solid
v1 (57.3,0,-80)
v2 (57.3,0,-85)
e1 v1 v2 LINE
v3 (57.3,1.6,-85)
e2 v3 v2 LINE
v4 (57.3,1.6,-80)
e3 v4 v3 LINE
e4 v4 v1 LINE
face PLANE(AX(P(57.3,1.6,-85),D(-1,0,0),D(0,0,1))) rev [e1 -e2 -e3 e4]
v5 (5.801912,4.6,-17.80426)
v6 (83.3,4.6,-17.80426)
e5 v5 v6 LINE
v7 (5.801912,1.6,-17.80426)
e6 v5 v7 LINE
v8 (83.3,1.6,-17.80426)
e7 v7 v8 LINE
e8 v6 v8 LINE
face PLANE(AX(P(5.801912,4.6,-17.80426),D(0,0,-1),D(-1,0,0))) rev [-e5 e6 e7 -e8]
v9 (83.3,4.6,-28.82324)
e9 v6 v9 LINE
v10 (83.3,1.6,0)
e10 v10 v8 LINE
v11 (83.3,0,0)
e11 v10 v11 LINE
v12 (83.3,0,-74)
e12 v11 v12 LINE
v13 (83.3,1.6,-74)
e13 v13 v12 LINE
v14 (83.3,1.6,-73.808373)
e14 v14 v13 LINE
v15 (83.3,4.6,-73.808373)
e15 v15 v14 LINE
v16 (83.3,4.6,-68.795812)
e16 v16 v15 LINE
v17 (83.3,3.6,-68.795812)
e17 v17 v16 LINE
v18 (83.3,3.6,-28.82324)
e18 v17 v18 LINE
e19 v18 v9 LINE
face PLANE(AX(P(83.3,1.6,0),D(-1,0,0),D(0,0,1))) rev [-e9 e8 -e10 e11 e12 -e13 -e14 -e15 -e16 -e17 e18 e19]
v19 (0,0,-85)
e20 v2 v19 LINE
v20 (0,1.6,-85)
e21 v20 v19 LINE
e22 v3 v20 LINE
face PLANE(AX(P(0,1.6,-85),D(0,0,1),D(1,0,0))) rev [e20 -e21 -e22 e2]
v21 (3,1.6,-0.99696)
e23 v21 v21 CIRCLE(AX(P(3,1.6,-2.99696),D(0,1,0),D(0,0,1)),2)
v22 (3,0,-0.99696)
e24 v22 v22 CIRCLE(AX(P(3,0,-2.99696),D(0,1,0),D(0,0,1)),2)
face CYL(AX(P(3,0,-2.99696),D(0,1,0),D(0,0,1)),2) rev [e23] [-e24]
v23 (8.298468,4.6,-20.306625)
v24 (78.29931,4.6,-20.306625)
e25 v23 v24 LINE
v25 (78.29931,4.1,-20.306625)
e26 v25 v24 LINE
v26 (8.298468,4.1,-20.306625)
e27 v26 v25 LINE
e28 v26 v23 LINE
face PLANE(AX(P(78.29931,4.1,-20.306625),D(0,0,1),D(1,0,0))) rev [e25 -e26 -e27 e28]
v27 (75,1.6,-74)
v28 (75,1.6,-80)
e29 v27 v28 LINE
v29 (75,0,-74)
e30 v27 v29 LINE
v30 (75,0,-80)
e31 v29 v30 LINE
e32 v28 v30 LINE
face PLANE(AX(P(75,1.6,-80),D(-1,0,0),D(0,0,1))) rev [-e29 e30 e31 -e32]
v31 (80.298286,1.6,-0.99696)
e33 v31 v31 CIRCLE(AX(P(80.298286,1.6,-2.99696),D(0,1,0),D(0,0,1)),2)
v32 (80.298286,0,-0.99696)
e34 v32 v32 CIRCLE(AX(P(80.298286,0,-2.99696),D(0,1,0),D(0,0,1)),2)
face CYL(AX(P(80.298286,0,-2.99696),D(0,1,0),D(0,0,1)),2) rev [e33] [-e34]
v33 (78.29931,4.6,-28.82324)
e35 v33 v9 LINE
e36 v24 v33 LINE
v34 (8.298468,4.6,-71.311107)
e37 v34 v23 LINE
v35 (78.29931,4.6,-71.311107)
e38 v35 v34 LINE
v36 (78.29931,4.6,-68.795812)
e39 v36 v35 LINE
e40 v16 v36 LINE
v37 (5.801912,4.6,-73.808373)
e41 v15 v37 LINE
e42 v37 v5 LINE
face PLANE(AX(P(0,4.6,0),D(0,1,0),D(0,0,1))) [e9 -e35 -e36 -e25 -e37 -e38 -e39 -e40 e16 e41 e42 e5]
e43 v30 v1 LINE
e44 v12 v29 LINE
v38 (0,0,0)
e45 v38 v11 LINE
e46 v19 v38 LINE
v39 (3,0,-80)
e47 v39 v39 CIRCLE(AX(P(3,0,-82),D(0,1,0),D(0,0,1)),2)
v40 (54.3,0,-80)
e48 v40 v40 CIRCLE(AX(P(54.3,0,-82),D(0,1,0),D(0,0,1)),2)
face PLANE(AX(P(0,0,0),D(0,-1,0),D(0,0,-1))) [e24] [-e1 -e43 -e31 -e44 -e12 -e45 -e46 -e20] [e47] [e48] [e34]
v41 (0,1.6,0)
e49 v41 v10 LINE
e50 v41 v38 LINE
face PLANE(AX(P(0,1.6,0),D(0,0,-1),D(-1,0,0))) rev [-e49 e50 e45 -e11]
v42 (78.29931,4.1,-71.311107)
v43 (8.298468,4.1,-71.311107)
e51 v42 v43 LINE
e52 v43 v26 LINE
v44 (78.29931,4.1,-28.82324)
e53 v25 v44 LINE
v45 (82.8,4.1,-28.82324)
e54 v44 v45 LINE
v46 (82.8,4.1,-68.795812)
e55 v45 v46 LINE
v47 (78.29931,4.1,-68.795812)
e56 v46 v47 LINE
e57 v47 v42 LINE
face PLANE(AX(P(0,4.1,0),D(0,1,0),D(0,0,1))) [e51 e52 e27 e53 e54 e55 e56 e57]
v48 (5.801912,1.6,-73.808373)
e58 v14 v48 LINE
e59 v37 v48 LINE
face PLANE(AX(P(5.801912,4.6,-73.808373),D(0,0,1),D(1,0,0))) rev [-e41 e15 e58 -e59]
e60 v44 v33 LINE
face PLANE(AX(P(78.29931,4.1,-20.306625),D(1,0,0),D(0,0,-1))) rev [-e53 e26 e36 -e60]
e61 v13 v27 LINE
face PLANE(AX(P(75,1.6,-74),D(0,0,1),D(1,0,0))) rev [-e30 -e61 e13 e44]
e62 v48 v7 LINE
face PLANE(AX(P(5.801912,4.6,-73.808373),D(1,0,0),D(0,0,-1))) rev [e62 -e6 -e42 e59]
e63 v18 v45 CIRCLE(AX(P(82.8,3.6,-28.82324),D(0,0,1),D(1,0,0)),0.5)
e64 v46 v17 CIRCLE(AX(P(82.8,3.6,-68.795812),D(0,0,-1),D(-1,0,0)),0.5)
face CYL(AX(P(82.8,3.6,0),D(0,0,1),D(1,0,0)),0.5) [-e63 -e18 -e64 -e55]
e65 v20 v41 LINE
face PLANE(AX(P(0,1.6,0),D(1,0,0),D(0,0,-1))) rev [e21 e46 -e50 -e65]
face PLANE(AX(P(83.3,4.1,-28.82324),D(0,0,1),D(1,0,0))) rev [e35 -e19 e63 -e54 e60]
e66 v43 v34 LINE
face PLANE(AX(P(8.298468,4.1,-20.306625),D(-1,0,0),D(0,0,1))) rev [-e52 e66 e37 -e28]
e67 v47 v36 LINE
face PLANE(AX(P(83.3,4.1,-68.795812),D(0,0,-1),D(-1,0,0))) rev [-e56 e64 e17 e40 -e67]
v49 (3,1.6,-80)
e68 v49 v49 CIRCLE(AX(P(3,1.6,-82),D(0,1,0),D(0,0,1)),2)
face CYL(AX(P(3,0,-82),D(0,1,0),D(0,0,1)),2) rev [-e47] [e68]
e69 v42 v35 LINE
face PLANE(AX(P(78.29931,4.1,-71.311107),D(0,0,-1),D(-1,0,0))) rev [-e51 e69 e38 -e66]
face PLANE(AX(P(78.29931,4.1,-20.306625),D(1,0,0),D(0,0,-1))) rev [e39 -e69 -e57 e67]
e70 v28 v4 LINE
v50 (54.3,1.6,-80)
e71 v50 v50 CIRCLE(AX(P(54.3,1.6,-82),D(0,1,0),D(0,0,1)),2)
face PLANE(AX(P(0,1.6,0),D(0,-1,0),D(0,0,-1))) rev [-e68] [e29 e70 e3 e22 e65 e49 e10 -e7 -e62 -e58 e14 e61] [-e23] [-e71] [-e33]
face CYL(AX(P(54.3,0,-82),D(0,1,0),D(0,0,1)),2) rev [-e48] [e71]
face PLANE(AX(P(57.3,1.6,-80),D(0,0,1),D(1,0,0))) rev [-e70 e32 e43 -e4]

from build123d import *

# Parameters (mm, degrees)
BOSS_EXTRU_1_DEPTH      = 1.6
ESQUISSE5_R             = 2
ENL_V_MAT_EXTRU_1_DEPTH = 1.6
ECRAN_W                 = 77.498087901
ECRAN_H                 = 56.00411385
BOSS_EXTRU_2_DEPTH      = 3
ECRAN_NOIR_W            = 70.00084158
ECRAN_NOIR_H            = 51.004481936
ENL_V_MAT_EXTRU_2_DEPTH = 0.5
NAPPE_CONTACTEURS_W     = 5.000690241
NAPPE_CONTACTEURS_H     = 39.972572183
ENL_V_MAT_EXTRU_3_DEPTH = 0.5
CONG_1_R                = 0.5


with BuildPart() as part:
    # Esquisse1 → Boss.-Extru.1 (new body)
    with BuildSketch(Plane(origin=(0, 0, 0), x_dir=(1, 0, 0), z_dir=(0, 1, 0))):
        Polygon((0, 0), (83.3, 0), (83.3, 74), (75, 74), (75, 80), (57.3, 80), (57.3, 85), (0, 85), align=None)
    extrude(amount=BOSS_EXTRU_1_DEPTH)

    # Esquisse5 → Enlèv. mat.-Extru.1 (cut)
    with BuildSketch(Plane(origin=(0, 1.6, 0), x_dir=(1, 0, 0), z_dir=(0, 1, 0))):
        with Locations(Location((54.3, 82, 0), (0, 0, 270))):
            Circle(ESQUISSE5_R)
        with Locations(Location((3, 82, 0), (0, 0, 270))):
            Circle(ESQUISSE5_R)
        with Locations(Location((3, 2.996959755, 0), (0, 0, 270))):
            Circle(ESQUISSE5_R)
        with Locations(Location((80.298286248, 2.996959755, 0), (0, 0, 270))):
            Circle(ESQUISSE5_R)
    extrude(amount=-ENL_V_MAT_EXTRU_1_DEPTH, mode=Mode.SUBTRACT)

    # ecran → Boss.-Extru.2 (add)
    with BuildSketch(Plane(origin=(0, 1.6, 0), x_dir=(1, 0, 0), z_dir=(0, 1, 0))):
        with Locations((44.55095605, 45.806316508)):
            Rectangle(ECRAN_W, ECRAN_H)
    extrude(amount=BOSS_EXTRU_2_DEPTH)

    # ecran noir → Enlèv. mat.-Extru.2 (cut)
    with BuildSketch(Plane(origin=(0, 4.6, 0), x_dir=(1, 0, 0), z_dir=(0, 1, 0))):
        with Locations((43.298888969, 45.808865656)):
            Rectangle(ECRAN_NOIR_W, ECRAN_NOIR_H)
    extrude(amount=-ENL_V_MAT_EXTRU_2_DEPTH, mode=Mode.SUBTRACT)

    # nappe contacteurs → Enlèv. mat.-Extru.3 (cut)
    with BuildSketch(Plane(origin=(0, 4.6, 0), x_dir=(1, 0, 0), z_dir=(0, 1, 0))):
        with Locations((80.79965488, 48.80952599)):
            Rectangle(NAPPE_CONTACTEURS_W, NAPPE_CONTACTEURS_H)
    extrude(amount=-ENL_V_MAT_EXTRU_3_DEPTH, mode=Mode.SUBTRACT)

    # Congé1
    cong_1_edges = [part.edges().sort_by_distance(p)[0] for p in [
        (83.3, 4.1, -48.809525991),
    ]]
    fillet(cong_1_edges, radius=CONG_1_R)


solid = part.part
